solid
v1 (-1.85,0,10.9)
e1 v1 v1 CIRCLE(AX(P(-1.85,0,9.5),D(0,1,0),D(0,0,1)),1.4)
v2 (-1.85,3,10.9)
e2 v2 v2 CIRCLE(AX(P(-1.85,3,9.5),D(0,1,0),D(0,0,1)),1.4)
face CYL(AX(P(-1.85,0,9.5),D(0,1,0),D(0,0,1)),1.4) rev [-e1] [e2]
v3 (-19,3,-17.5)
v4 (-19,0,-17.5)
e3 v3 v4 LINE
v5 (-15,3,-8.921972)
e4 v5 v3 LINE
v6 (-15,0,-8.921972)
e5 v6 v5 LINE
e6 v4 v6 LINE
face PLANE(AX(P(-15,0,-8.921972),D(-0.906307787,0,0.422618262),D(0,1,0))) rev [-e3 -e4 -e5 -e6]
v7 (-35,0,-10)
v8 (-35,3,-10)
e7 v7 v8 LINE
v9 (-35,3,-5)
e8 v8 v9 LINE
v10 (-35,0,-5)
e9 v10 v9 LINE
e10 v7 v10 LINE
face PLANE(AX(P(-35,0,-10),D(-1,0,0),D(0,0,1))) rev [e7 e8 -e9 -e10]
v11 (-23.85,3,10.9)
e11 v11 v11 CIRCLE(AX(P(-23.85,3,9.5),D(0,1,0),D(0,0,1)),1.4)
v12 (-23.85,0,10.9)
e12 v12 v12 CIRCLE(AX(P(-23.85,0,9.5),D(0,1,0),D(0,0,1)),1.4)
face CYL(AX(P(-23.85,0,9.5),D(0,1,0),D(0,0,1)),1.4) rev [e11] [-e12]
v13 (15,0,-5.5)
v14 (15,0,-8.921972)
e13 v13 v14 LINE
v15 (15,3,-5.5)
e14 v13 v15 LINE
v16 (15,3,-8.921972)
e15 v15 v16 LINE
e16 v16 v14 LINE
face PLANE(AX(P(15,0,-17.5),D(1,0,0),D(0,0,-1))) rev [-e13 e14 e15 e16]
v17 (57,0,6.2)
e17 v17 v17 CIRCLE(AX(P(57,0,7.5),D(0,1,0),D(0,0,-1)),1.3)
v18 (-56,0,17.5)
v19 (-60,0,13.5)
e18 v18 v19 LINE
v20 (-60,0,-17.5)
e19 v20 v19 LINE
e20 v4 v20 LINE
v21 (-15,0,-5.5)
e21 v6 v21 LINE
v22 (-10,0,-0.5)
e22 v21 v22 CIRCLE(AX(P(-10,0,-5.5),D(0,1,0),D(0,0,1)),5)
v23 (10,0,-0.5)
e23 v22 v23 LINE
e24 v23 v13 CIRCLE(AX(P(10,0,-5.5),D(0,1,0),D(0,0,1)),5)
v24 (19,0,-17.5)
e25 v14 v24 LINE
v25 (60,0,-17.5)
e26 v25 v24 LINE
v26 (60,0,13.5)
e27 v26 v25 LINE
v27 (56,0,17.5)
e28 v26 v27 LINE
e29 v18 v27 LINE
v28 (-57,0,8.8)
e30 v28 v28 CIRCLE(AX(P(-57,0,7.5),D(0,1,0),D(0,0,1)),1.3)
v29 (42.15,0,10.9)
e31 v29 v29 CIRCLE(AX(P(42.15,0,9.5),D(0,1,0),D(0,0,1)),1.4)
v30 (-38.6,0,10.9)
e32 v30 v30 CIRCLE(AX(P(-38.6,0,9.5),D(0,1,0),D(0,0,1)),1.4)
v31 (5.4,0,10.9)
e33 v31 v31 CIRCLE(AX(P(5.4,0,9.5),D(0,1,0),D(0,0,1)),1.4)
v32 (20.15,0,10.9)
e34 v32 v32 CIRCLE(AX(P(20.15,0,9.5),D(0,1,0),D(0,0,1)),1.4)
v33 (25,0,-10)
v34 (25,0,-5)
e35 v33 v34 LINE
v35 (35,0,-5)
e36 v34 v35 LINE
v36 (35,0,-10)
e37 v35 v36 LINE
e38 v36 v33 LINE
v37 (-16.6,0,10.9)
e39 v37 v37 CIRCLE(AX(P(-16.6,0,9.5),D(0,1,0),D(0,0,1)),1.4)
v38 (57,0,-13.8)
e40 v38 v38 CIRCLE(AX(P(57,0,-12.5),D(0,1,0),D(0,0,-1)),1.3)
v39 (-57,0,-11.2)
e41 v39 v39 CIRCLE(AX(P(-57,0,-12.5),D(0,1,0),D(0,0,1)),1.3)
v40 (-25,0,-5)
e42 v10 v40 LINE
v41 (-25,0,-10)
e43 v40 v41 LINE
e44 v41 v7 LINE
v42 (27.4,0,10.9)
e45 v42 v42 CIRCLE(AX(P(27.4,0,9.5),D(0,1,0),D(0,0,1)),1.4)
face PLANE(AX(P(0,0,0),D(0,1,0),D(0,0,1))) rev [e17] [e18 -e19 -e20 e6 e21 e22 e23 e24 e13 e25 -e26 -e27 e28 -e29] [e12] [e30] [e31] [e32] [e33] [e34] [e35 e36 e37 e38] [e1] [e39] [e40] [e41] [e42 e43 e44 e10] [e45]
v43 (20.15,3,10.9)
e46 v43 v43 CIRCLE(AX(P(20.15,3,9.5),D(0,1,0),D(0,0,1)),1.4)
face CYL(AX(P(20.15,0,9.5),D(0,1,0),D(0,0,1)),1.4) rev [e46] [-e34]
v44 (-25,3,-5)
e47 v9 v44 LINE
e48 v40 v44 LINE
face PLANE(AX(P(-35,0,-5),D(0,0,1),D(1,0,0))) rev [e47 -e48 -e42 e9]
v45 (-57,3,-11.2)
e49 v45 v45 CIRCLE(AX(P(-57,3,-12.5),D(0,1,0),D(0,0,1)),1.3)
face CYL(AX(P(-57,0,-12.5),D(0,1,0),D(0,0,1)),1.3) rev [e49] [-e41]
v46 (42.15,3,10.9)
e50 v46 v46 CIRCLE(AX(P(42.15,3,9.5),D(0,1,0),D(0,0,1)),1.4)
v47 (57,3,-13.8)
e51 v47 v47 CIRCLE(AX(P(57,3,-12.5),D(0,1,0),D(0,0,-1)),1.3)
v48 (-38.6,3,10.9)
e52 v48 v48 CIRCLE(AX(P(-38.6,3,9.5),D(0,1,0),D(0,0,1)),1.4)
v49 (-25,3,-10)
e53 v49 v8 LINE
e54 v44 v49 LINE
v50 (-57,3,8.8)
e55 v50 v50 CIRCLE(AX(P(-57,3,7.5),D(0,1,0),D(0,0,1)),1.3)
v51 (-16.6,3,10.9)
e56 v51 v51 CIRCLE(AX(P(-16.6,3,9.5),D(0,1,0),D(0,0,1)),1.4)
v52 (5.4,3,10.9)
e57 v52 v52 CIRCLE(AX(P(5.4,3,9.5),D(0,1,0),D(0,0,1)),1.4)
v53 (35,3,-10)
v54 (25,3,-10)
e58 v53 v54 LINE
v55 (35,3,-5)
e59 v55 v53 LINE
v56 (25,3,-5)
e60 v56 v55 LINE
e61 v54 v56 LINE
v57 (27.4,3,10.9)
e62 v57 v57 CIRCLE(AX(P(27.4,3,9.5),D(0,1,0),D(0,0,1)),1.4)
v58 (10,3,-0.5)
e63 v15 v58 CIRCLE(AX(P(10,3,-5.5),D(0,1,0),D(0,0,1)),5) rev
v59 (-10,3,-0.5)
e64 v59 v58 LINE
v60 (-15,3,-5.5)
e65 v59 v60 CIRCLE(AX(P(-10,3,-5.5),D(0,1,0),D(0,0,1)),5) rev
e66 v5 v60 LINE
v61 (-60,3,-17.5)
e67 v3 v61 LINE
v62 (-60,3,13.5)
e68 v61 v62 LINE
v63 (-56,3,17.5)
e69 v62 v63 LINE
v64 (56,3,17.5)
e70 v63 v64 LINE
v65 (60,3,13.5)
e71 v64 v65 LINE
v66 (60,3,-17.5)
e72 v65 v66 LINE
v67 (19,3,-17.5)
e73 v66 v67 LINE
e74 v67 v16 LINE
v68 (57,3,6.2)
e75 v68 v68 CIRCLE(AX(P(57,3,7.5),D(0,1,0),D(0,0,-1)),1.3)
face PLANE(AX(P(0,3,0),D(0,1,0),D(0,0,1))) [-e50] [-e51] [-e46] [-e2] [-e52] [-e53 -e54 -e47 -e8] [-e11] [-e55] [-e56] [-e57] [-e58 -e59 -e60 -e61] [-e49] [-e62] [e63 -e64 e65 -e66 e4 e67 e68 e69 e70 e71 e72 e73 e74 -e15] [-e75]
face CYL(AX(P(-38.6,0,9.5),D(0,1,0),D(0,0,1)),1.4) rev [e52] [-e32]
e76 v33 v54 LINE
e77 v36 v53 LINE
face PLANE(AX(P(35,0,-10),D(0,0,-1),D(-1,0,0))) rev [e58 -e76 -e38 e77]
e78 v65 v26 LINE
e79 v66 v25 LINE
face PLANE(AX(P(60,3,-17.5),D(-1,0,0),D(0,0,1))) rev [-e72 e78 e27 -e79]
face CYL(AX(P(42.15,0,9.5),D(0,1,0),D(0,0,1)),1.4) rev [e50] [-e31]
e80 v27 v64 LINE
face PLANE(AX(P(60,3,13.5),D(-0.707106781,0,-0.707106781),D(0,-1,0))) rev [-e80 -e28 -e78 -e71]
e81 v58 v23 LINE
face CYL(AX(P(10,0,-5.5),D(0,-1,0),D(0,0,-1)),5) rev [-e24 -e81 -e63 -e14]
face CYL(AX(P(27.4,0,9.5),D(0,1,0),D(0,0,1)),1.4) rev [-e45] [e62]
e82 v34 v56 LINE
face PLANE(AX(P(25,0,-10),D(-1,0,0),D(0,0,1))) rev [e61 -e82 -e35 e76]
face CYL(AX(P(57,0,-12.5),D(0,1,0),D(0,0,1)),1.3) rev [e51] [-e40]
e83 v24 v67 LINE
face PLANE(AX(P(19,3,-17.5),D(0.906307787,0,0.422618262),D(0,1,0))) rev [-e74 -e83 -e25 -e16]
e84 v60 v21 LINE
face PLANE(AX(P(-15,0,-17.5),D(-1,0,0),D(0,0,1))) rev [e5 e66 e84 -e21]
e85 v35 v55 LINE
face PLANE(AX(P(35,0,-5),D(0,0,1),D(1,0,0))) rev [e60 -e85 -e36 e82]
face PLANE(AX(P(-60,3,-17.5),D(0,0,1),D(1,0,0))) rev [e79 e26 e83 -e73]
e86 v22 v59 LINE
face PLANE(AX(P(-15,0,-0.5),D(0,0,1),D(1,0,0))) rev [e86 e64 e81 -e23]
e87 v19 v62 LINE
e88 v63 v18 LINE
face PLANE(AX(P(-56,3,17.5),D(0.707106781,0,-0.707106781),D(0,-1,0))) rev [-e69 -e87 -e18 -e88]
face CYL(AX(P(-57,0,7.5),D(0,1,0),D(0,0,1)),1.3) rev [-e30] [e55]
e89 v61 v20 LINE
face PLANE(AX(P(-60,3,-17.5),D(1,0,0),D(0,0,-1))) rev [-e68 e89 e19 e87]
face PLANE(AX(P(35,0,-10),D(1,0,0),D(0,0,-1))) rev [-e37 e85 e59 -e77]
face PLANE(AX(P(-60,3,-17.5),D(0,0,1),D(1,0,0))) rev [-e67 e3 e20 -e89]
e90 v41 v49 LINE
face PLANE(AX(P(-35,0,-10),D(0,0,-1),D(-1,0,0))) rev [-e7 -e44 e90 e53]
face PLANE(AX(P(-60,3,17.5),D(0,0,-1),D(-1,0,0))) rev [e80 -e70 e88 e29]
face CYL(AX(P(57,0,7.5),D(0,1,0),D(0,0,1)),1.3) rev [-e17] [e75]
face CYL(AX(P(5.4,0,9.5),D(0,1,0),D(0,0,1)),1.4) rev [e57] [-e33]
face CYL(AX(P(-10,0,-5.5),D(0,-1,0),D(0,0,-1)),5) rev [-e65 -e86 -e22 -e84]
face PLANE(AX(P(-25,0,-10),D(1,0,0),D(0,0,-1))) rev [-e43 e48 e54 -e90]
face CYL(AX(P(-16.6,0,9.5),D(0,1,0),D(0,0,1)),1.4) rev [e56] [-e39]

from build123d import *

# Parameters (mm, degrees)
SKETCH_1_W          = 120
SKETCH_1_H          = 35
EXTRUDE_1_DEPTH     = 3
SKETCH_2_W          = 30
SKETCH_2_H          = 17
CUT_EXTRUDE_1_DEPTH = 63.571958576
SKETCH_3_R          = 1.3
CUT_EXTRUDE_2_DEPTH = 63.571958576
SKETCH_4_R          = 1.4
CUT_EXTRUDE_3_DEPTH = 63.571958576
SKETCH_5_W          = 10
SKETCH_5_H          = 5
CUT_EXTRUDE_4_DEPTH = 63.571958576
CHAMFER_1_SIZE      = 4
CHAMFER_1_SIZE2     = 8.578027682
CHAMFER_2_SIZE      = 4
CHAMFER_2_SIZE2     = 8.578027682
FILLET_1_R          = 5
CHAMFER_3_SIZE      = 4


with BuildPart() as part:
    # 草图1 → 凸台-拉伸1 (new body)
    with BuildSketch(Plane(origin=(0, 0, 0), x_dir=(1, 0, 0), z_dir=(0, 1, 0))):
        Rectangle(SKETCH_1_W, SKETCH_1_H)
    extrude(amount=EXTRUDE_1_DEPTH)

    # 草图2 → 切除-拉伸1 (cut, through all)
    with BuildSketch(Plane(origin=(0, 3, 0), x_dir=(1, 0, 0), z_dir=(0, 1, 0))):
        with Locations((0, 9)):
            Rectangle(SKETCH_2_W, SKETCH_2_H)
    extrude(amount=-CUT_EXTRUDE_1_DEPTH, mode=Mode.SUBTRACT)

    # 草图3 → 切除-拉伸2 (cut, through all)
    with BuildSketch(Plane(origin=(0, 3, 0), x_dir=(1, 0, 0), z_dir=(0, 1, 0))):
        with Locations(Location((-57, 12.5, 0), (0, 0, 270))):
            Circle(SKETCH_3_R)
        with Locations(Location((-57, -7.5, 0), (0, 0, 270))):
            Circle(SKETCH_3_R)
        with Locations(Location((57, -7.5, 0), (0, 0, 90))):
            Circle(SKETCH_3_R)
        with Locations(Location((57, 12.5, 0), (0, 0, 90))):
            Circle(SKETCH_3_R)
    extrude(amount=-CUT_EXTRUDE_2_DEPTH, mode=Mode.SUBTRACT)

    # 草图4 → 切除-拉伸3 (cut, through all)
    with BuildSketch(Plane(origin=(0, 3, 0), x_dir=(1, 0, 0), z_dir=(0, 1, 0))):
        with Locations(Location((5.4, -9.5, 0), (0, 0, 270))):
            Circle(SKETCH_4_R)
        with Locations(Location((20.15, -9.5, 0), (0, 0, 270))):
            Circle(SKETCH_4_R)
        with Locations(Location((27.4, -9.5, 0), (0, 0, 270))):
            Circle(SKETCH_4_R)
        with Locations(Location((42.15, -9.5, 0), (0, 0, 270))):
            Circle(SKETCH_4_R)
        with Locations(Location((-1.85, -9.5, 0), (0, 0, 270))):
            Circle(SKETCH_4_R)
        with Locations(Location((-16.6, -9.5, 0), (0, 0, 270))):
            Circle(SKETCH_4_R)
        with Locations(Location((-23.85, -9.5, 0), (0, 0, 270))):
            Circle(SKETCH_4_R)
        with Locations(Location((-38.6, -9.5, 0), (0, 0, 270))):
            Circle(SKETCH_4_R)
    extrude(amount=-CUT_EXTRUDE_3_DEPTH, mode=Mode.SUBTRACT)

    # 草图5 → 切除-拉伸4 (cut, through all)
    with BuildSketch(Plane(origin=(0, 3, 0), x_dir=(1, 0, 0), z_dir=(0, 1, 0))):
        with Locations((-30, 7.5)):
            Rectangle(SKETCH_5_W, SKETCH_5_H)
        with Locations((30, 7.5)):
            Rectangle(SKETCH_5_W, SKETCH_5_H)
    extrude(amount=-CUT_EXTRUDE_4_DEPTH, mode=Mode.SUBTRACT)

    # 倒角1
    chamfer_1_edges = [part.edges().sort_by_distance(p)[0] for p in [
        (-15, 1.5, -17.5),
    ]]
    chamfer_1_side = [part.faces().sort_by_distance(p)[0] for p in [
        (-37.5, 1.5, -17.5),
    ]]
    chamfer(chamfer_1_edges, length=CHAMFER_1_SIZE, length2=CHAMFER_1_SIZE2, reference=chamfer_1_side[0])

    # 倒角2
    chamfer_2_edges = [part.edges().sort_by_distance(p)[0] for p in [
        (15, 1.5, -17.5),
    ]]
    chamfer_2_side = [part.faces().sort_by_distance(p)[0] for p in [
        (37.5, 1.5, -17.5),
    ]]
    chamfer(chamfer_2_edges, length=CHAMFER_2_SIZE, length2=CHAMFER_2_SIZE2, reference=chamfer_2_side[0])

    # 圆角1
    fillet_1_edges = [part.edges().sort_by_distance(p)[0] for p in [
        (-15, 1.5, -0.5),
        (15, 1.5, -0.5),
    ]]
    fillet(fillet_1_edges, radius=FILLET_1_R)

    # 倒角3
    chamfer_3_edges = [part.edges().sort_by_distance(p)[0] for p in [
        (60, 1.5, 17.5),
        (-60, 1.5, 17.5),
    ]]
    chamfer(chamfer_3_edges, length=CHAMFER_3_SIZE)


solid = part.part
